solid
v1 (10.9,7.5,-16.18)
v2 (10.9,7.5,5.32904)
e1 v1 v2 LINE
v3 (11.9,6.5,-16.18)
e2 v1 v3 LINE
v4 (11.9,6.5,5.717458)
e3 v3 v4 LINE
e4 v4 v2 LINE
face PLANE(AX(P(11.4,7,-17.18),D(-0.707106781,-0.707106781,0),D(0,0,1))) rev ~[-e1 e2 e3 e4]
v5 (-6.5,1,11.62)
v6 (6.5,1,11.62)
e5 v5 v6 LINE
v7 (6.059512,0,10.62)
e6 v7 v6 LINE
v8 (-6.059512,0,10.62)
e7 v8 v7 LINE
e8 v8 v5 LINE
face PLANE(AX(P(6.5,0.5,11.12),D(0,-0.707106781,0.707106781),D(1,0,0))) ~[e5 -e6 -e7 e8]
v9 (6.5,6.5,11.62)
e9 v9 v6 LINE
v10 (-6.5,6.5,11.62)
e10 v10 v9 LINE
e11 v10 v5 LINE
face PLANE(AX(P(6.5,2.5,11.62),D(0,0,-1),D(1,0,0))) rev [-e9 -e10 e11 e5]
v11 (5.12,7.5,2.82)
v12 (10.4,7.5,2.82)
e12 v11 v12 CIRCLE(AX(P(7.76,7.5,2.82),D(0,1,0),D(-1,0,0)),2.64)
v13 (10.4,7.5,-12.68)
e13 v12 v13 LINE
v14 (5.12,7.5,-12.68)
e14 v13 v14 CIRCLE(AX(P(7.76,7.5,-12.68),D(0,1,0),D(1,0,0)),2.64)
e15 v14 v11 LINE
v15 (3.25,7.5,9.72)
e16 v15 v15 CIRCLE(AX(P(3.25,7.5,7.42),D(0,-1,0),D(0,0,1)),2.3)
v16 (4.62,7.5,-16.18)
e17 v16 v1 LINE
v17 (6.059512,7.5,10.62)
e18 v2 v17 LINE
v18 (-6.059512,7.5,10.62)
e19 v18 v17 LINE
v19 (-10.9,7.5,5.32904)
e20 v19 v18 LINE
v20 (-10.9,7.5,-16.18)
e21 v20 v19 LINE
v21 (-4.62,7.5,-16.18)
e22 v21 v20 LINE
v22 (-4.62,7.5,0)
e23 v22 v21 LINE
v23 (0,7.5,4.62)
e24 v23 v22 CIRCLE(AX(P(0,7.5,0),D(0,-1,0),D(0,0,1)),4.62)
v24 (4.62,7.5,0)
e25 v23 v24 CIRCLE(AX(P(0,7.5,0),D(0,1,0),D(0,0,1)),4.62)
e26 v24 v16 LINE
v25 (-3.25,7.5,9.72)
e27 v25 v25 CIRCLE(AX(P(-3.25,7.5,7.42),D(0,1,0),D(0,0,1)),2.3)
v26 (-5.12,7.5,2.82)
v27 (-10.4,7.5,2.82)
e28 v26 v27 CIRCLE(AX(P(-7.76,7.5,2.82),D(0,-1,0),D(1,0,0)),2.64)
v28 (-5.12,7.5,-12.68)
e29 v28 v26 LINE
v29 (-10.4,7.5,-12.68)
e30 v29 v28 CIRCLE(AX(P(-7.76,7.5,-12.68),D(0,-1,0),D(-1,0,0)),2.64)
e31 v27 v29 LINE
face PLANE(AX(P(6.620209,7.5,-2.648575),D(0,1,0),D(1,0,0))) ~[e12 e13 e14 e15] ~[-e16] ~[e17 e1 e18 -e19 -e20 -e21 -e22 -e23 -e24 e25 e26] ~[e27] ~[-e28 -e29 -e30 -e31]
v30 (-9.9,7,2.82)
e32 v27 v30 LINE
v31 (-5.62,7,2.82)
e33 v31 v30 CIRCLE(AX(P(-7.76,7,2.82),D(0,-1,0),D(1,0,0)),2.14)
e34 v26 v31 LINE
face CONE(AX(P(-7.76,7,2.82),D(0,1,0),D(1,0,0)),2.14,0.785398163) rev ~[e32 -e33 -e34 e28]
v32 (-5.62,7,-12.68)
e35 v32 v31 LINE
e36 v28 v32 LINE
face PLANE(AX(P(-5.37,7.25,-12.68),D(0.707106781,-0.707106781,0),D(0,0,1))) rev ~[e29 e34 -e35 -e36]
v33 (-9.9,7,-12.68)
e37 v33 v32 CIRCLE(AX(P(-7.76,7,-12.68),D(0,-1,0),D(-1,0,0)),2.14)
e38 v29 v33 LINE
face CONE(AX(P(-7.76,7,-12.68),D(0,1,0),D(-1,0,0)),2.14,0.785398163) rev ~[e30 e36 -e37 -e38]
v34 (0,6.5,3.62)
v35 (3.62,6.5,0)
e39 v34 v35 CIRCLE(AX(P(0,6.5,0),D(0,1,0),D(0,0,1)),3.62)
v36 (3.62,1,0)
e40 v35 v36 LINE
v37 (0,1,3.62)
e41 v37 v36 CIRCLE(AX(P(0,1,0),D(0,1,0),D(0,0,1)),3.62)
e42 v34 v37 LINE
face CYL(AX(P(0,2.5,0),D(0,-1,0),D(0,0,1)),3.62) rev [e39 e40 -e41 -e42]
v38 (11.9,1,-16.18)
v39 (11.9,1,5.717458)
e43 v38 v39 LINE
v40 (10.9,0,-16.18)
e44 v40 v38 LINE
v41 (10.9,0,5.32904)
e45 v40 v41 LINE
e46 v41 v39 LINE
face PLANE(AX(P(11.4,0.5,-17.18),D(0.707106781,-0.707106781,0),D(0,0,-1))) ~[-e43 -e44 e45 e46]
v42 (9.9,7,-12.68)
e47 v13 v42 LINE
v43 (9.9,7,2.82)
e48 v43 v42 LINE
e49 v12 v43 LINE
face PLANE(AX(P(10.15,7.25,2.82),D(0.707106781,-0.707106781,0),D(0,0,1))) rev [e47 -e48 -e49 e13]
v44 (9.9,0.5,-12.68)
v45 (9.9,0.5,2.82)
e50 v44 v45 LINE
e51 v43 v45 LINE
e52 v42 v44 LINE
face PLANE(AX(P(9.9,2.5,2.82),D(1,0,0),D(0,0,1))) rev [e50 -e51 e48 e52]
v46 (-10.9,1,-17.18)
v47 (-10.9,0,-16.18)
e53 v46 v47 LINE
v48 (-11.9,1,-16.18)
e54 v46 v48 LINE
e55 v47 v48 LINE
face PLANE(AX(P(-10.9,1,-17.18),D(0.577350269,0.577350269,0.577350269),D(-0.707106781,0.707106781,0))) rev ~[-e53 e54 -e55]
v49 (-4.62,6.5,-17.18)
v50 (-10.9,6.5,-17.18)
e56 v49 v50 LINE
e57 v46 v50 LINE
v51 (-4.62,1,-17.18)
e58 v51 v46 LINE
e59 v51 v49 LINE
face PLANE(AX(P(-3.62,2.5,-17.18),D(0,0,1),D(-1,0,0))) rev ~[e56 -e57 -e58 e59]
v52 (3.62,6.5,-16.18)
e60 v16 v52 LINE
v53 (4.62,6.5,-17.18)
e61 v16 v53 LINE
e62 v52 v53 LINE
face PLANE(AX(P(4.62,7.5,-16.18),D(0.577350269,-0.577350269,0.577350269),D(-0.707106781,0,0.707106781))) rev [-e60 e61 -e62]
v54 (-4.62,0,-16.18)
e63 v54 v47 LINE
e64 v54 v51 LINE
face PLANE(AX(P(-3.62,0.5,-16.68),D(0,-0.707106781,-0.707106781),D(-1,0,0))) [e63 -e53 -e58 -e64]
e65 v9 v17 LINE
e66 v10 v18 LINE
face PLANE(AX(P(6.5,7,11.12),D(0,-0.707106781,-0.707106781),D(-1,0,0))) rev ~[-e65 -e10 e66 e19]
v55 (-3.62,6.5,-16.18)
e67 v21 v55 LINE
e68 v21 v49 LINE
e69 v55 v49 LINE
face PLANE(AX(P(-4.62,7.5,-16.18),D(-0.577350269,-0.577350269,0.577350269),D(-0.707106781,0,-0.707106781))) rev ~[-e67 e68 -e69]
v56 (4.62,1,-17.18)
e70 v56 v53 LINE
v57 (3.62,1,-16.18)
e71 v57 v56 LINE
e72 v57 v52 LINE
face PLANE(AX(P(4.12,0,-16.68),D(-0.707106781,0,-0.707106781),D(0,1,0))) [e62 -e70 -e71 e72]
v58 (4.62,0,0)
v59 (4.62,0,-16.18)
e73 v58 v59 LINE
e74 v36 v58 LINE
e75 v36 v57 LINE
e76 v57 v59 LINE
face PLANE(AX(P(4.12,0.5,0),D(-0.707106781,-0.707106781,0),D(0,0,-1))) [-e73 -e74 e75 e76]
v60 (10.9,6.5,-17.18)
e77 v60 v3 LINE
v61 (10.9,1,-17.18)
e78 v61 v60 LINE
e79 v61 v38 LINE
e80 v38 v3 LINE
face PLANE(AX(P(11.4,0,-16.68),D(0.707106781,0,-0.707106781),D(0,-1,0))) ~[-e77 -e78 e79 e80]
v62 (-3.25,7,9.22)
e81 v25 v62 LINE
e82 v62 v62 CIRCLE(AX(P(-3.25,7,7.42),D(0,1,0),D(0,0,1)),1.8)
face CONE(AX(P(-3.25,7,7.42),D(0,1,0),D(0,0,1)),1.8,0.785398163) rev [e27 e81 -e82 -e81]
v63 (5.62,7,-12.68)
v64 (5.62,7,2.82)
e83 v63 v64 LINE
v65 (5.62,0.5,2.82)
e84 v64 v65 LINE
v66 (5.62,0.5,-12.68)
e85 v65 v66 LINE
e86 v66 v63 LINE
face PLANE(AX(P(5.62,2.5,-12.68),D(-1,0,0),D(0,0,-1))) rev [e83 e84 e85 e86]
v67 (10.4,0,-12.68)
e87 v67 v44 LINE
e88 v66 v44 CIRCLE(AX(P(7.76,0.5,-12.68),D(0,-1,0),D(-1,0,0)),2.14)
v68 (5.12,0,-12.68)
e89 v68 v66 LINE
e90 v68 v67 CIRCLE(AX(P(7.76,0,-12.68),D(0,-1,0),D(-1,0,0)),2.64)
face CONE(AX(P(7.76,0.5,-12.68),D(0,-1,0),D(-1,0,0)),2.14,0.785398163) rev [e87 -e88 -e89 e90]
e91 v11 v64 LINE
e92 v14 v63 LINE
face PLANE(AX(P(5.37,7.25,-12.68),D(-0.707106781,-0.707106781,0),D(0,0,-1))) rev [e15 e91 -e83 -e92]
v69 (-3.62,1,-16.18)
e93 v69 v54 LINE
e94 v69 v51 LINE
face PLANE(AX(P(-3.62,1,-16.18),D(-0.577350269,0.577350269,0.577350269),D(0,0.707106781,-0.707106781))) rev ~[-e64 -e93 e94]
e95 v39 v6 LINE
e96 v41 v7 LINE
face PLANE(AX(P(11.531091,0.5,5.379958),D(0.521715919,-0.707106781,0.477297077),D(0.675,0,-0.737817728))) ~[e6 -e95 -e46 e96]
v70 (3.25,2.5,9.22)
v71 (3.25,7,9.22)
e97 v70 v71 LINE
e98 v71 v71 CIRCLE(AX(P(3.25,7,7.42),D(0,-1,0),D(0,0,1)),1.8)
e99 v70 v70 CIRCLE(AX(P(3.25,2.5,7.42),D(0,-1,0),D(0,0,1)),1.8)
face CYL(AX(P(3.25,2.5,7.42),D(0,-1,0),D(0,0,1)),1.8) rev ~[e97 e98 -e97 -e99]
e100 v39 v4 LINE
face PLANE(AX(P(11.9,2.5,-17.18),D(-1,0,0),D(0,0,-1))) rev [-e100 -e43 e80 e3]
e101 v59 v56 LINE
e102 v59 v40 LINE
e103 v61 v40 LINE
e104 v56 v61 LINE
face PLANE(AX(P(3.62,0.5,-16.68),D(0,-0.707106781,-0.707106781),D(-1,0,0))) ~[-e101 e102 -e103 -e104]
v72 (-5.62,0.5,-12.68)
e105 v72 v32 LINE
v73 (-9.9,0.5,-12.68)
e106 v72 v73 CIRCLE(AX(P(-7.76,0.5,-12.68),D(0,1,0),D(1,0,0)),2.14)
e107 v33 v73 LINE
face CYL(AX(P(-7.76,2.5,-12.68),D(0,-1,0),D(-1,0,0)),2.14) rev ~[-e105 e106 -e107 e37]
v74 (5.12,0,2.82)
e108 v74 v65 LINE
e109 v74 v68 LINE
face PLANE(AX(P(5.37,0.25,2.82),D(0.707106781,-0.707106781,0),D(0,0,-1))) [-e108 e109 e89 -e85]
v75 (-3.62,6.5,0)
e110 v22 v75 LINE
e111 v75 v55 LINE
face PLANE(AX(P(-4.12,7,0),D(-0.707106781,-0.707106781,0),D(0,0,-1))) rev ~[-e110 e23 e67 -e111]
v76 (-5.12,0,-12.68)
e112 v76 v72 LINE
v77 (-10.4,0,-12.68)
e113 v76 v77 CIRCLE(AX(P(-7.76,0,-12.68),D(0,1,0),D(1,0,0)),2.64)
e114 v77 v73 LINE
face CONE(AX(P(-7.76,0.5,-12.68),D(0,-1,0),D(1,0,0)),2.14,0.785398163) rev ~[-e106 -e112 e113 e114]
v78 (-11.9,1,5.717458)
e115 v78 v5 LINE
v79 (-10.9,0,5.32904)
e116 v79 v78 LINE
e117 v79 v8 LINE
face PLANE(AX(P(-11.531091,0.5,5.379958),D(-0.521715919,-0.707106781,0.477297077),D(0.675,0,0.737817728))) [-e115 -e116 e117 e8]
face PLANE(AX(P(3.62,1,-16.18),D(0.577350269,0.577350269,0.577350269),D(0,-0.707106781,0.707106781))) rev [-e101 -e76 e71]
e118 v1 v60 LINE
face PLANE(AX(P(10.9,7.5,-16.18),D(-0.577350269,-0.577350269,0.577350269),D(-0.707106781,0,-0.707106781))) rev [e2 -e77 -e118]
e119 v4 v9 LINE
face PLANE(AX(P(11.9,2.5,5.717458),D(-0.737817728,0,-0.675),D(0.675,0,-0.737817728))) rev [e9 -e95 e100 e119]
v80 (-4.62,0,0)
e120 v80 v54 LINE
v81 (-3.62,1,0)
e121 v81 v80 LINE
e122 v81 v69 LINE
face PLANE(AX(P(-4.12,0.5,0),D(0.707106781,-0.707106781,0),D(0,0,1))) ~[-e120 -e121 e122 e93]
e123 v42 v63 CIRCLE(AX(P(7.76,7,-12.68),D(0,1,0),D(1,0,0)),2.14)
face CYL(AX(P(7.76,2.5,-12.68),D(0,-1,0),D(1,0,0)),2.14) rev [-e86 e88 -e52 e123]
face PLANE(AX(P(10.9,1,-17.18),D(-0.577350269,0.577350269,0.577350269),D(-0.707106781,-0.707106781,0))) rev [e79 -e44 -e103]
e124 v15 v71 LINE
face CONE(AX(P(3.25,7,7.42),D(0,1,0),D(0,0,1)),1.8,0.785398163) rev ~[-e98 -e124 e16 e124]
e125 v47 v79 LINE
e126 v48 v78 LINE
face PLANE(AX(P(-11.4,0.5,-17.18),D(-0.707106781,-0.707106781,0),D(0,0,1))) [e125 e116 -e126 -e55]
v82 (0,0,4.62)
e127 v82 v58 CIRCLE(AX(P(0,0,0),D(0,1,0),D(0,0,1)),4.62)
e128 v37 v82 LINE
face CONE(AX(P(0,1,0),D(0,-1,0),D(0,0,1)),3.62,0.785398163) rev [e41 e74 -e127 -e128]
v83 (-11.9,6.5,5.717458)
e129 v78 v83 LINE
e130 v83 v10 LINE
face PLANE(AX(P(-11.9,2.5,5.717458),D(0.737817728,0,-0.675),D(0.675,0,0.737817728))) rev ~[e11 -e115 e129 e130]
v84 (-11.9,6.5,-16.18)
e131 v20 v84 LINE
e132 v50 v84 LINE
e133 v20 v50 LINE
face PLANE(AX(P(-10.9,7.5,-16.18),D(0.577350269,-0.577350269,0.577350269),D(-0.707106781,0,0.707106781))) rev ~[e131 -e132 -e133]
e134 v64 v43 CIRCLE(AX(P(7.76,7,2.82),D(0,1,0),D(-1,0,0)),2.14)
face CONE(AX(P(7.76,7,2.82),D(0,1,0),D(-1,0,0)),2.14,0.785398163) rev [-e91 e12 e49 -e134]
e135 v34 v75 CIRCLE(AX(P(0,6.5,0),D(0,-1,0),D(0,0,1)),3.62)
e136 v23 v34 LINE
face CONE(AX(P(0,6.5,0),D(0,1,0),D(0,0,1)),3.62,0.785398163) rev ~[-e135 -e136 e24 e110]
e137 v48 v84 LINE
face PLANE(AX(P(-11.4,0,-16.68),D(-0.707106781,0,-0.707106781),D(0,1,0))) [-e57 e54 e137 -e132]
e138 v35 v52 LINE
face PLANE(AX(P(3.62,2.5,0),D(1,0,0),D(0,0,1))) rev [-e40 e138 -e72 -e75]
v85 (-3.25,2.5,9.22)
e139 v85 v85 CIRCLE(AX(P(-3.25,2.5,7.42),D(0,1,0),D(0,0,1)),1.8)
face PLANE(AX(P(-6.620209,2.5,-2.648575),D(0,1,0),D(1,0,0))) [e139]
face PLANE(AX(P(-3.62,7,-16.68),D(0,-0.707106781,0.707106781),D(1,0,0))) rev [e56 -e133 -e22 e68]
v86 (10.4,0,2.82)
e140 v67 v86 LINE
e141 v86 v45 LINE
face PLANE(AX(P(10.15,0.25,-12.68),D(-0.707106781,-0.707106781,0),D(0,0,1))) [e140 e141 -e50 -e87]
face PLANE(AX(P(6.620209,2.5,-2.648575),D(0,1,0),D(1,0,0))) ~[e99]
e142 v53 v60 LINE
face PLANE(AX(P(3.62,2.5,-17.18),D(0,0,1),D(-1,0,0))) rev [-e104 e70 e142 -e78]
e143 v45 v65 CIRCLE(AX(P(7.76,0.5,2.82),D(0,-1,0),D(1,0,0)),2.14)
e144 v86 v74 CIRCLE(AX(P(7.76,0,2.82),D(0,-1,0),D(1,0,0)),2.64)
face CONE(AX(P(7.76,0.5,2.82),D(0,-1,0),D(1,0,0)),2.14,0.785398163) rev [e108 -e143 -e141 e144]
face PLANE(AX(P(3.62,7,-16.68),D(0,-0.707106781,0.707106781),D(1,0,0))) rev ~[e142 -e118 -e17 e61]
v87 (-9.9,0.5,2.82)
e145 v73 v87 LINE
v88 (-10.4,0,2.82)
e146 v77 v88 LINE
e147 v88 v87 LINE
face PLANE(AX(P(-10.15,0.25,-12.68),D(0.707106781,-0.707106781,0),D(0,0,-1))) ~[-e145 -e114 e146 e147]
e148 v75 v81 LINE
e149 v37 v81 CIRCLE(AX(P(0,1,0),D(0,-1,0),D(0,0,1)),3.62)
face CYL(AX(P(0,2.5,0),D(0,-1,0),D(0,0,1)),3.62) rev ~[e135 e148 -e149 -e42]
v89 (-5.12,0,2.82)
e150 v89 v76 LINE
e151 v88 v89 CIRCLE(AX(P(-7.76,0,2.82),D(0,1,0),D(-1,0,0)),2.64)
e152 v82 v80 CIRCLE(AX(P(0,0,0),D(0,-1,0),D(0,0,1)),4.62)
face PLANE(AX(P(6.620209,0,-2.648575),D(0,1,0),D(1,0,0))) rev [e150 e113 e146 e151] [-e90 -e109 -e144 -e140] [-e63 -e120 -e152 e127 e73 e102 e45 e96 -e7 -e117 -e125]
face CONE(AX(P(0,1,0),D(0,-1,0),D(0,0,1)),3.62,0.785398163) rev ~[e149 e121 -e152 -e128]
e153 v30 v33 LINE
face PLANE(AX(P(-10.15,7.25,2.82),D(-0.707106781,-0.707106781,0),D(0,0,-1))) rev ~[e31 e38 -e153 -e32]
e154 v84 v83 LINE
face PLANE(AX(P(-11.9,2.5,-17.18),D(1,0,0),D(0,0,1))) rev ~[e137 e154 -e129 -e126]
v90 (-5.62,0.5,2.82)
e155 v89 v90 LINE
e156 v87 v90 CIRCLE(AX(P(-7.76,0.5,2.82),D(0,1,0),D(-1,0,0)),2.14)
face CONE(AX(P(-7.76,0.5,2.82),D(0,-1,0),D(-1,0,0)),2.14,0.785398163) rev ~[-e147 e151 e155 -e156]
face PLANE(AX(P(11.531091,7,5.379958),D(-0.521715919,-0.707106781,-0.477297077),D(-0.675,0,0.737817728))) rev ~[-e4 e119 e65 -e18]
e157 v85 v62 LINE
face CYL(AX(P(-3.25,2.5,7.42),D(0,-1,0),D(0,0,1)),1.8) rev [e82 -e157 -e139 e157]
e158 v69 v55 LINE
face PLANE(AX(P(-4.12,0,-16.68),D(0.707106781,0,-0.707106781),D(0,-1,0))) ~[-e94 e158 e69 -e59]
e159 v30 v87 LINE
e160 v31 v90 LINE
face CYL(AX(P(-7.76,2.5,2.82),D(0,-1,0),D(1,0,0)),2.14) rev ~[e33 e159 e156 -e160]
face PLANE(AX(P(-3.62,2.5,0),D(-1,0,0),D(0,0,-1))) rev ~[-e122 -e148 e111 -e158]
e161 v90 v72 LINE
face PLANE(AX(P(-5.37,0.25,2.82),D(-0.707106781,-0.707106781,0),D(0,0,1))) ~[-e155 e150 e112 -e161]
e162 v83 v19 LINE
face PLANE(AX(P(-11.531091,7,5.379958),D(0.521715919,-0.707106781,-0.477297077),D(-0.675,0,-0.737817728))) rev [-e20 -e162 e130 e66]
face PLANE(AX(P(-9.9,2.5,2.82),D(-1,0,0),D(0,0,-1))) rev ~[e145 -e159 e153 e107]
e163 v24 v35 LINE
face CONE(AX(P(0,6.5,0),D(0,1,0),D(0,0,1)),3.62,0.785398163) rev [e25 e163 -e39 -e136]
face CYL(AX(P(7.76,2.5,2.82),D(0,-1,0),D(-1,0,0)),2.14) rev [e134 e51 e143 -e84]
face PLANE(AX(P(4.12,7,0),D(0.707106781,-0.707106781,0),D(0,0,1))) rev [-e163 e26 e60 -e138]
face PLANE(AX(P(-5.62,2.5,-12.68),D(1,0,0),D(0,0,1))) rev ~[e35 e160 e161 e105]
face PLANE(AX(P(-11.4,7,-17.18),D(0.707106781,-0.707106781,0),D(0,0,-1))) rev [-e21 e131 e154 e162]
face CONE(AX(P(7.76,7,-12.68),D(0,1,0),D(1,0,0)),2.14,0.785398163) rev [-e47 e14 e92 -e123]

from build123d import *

# Parameters (mm, degrees)
SKETCH1_R           = 1.8
BOSS_EXTRUDE1_DEPTH = 2.5
BOSS_EXTRUDE2_START = 2.5
SKETCH1_4_R         = 1.8
BOSS_EXTRUDE2_DEPTH = 5
CHAMFER1_SIZE       = 1
CHAMFER2_SIZE       = 0.5


with BuildPart() as part:
    # Sketch1 → Boss-Extrude1 (new body)
    with BuildSketch(Plane(origin=(0, 0, 0), x_dir=(1, 0, 0), z_dir=(0, 1, 0))):
        with BuildLine():
            Line((0, -11.62), (0, -3.62))
            ThreePointArc((0, -3.62), (-2.559726548, -2.559726548), (-3.62, 0))
            Line((-3.62, 0), (-3.62, 17.18))
            Line((-3.62, 17.18), (-11.9, 17.18))
            Line((-11.9, 17.18), (-11.9, -5.717458175))
            Line((-11.9, -5.717458175), (-6.5, -11.62))
            Line((-6.5, -11.62), (0, -11.62))
        make_face()
        with Locations((-3.25, -7.42)):
            Circle(SKETCH1_R, mode=Mode.SUBTRACT)
        with BuildLine():
            ThreePointArc((-9.9, -2.82), (-7.76, -4.96), (-5.62, -2.82))
            Line((-5.62, -2.82), (-5.62, 12.68))
            ThreePointArc((-5.62, 12.68), (-7.76, 14.82), (-9.9, 12.68))
            Line((-9.9, 12.68), (-9.9, -2.82))
        make_face(mode=Mode.SUBTRACT)
        with Locations((-3.25, -7.42)):
            Circle(SKETCH1_R)
    extrude(amount=BOSS_EXTRUDE1_DEPTH)

    # Sketch1<4> → Boss-Extrude2 (add)
    with BuildSketch(Plane(origin=(0, 0, 0), x_dir=(1, 0, 0), z_dir=(0, 1, 0)).offset(BOSS_EXTRUDE2_START)):
        with BuildLine():
            Line((-3.62, 0), (-3.62, 17.18))
            Line((-3.62, 17.18), (-11.9, 17.18))
            Line((-11.9, 17.18), (-11.9, -5.717458175))
            Line((-11.9, -5.717458175), (-6.5, -11.62))
            Line((-6.5, -11.62), (0, -11.62))
            Line((0, -11.62), (0, -3.62))
            ThreePointArc((0, -3.62), (-2.559726548, -2.559726548), (-3.62, 0))
        make_face()
        with Locations(Location((-3.25, -7.42, 0), (0, 0, 270))):
            Circle(SKETCH1_4_R, mode=Mode.SUBTRACT)
        with BuildLine():
            Line((-5.62, 12.68), (-5.62, -2.82))
            ThreePointArc((-5.62, -2.82), (-7.76, -4.96), (-9.9, -2.82))
            Line((-9.9, -2.82), (-9.9, 12.68))
            ThreePointArc((-9.9, 12.68), (-7.76, 14.82), (-5.62, 12.68))
        make_face(mode=Mode.SUBTRACT)
    extrude(amount=BOSS_EXTRUDE2_DEPTH)

    # Chamfer1
    chamfer1_edges = [part.edges().sort_by_distance(p)[0] for p in [
        (-3.25, 0, 11.62),
        (-9.2, 0, 8.668729087),
        (-11.9, 0, -5.731270913),
        (-7.76, 0, -17.18),
        (-3.62, 0, -8.59),
        (-2.559726548, 0, 2.559726548),
        (-11.9, 3.75, -17.18),
        (-3.62, 3.75, -17.18),
        (-2.559726548, 7.5, 2.559726548),
        (-3.62, 7.5, -8.59),
        (-7.76, 7.5, -17.18),
        (-11.9, 7.5, -5.731270913),
        (-9.2, 7.5, 8.668729087),
        (-3.25, 7.5, 11.62),
    ]]
    chamfer(chamfer1_edges, length=CHAMFER1_SIZE)

    # Chamfer2
    chamfer2_edges = [part.edges().sort_by_distance(p)[0] for p in [
        (-5.62, 0, -4.93),
        (-7.76, 0, -14.82),
        (-9.9, 0, -4.93),
        (-7.76, 0, 4.96),
        (-5.62, 7.5, -4.93),
        (-9.9, 7.5, -4.93),
        (-7.76, 7.5, 4.96),
        (-7.76, 7.5, -14.82),
        (-3.25, 7.5, 5.62),
    ]]
    chamfer(chamfer2_edges, length=CHAMFER2_SIZE)

    # Mirror1: part across plane


with BuildPart() as part_1:
    add(part.part)
    add(part.part.mirror(Plane(origin=(0, 2.5, 0), x_dir=(0, 0, 1), z_dir=(-1, 0, 0))))


solid = part_1.part
